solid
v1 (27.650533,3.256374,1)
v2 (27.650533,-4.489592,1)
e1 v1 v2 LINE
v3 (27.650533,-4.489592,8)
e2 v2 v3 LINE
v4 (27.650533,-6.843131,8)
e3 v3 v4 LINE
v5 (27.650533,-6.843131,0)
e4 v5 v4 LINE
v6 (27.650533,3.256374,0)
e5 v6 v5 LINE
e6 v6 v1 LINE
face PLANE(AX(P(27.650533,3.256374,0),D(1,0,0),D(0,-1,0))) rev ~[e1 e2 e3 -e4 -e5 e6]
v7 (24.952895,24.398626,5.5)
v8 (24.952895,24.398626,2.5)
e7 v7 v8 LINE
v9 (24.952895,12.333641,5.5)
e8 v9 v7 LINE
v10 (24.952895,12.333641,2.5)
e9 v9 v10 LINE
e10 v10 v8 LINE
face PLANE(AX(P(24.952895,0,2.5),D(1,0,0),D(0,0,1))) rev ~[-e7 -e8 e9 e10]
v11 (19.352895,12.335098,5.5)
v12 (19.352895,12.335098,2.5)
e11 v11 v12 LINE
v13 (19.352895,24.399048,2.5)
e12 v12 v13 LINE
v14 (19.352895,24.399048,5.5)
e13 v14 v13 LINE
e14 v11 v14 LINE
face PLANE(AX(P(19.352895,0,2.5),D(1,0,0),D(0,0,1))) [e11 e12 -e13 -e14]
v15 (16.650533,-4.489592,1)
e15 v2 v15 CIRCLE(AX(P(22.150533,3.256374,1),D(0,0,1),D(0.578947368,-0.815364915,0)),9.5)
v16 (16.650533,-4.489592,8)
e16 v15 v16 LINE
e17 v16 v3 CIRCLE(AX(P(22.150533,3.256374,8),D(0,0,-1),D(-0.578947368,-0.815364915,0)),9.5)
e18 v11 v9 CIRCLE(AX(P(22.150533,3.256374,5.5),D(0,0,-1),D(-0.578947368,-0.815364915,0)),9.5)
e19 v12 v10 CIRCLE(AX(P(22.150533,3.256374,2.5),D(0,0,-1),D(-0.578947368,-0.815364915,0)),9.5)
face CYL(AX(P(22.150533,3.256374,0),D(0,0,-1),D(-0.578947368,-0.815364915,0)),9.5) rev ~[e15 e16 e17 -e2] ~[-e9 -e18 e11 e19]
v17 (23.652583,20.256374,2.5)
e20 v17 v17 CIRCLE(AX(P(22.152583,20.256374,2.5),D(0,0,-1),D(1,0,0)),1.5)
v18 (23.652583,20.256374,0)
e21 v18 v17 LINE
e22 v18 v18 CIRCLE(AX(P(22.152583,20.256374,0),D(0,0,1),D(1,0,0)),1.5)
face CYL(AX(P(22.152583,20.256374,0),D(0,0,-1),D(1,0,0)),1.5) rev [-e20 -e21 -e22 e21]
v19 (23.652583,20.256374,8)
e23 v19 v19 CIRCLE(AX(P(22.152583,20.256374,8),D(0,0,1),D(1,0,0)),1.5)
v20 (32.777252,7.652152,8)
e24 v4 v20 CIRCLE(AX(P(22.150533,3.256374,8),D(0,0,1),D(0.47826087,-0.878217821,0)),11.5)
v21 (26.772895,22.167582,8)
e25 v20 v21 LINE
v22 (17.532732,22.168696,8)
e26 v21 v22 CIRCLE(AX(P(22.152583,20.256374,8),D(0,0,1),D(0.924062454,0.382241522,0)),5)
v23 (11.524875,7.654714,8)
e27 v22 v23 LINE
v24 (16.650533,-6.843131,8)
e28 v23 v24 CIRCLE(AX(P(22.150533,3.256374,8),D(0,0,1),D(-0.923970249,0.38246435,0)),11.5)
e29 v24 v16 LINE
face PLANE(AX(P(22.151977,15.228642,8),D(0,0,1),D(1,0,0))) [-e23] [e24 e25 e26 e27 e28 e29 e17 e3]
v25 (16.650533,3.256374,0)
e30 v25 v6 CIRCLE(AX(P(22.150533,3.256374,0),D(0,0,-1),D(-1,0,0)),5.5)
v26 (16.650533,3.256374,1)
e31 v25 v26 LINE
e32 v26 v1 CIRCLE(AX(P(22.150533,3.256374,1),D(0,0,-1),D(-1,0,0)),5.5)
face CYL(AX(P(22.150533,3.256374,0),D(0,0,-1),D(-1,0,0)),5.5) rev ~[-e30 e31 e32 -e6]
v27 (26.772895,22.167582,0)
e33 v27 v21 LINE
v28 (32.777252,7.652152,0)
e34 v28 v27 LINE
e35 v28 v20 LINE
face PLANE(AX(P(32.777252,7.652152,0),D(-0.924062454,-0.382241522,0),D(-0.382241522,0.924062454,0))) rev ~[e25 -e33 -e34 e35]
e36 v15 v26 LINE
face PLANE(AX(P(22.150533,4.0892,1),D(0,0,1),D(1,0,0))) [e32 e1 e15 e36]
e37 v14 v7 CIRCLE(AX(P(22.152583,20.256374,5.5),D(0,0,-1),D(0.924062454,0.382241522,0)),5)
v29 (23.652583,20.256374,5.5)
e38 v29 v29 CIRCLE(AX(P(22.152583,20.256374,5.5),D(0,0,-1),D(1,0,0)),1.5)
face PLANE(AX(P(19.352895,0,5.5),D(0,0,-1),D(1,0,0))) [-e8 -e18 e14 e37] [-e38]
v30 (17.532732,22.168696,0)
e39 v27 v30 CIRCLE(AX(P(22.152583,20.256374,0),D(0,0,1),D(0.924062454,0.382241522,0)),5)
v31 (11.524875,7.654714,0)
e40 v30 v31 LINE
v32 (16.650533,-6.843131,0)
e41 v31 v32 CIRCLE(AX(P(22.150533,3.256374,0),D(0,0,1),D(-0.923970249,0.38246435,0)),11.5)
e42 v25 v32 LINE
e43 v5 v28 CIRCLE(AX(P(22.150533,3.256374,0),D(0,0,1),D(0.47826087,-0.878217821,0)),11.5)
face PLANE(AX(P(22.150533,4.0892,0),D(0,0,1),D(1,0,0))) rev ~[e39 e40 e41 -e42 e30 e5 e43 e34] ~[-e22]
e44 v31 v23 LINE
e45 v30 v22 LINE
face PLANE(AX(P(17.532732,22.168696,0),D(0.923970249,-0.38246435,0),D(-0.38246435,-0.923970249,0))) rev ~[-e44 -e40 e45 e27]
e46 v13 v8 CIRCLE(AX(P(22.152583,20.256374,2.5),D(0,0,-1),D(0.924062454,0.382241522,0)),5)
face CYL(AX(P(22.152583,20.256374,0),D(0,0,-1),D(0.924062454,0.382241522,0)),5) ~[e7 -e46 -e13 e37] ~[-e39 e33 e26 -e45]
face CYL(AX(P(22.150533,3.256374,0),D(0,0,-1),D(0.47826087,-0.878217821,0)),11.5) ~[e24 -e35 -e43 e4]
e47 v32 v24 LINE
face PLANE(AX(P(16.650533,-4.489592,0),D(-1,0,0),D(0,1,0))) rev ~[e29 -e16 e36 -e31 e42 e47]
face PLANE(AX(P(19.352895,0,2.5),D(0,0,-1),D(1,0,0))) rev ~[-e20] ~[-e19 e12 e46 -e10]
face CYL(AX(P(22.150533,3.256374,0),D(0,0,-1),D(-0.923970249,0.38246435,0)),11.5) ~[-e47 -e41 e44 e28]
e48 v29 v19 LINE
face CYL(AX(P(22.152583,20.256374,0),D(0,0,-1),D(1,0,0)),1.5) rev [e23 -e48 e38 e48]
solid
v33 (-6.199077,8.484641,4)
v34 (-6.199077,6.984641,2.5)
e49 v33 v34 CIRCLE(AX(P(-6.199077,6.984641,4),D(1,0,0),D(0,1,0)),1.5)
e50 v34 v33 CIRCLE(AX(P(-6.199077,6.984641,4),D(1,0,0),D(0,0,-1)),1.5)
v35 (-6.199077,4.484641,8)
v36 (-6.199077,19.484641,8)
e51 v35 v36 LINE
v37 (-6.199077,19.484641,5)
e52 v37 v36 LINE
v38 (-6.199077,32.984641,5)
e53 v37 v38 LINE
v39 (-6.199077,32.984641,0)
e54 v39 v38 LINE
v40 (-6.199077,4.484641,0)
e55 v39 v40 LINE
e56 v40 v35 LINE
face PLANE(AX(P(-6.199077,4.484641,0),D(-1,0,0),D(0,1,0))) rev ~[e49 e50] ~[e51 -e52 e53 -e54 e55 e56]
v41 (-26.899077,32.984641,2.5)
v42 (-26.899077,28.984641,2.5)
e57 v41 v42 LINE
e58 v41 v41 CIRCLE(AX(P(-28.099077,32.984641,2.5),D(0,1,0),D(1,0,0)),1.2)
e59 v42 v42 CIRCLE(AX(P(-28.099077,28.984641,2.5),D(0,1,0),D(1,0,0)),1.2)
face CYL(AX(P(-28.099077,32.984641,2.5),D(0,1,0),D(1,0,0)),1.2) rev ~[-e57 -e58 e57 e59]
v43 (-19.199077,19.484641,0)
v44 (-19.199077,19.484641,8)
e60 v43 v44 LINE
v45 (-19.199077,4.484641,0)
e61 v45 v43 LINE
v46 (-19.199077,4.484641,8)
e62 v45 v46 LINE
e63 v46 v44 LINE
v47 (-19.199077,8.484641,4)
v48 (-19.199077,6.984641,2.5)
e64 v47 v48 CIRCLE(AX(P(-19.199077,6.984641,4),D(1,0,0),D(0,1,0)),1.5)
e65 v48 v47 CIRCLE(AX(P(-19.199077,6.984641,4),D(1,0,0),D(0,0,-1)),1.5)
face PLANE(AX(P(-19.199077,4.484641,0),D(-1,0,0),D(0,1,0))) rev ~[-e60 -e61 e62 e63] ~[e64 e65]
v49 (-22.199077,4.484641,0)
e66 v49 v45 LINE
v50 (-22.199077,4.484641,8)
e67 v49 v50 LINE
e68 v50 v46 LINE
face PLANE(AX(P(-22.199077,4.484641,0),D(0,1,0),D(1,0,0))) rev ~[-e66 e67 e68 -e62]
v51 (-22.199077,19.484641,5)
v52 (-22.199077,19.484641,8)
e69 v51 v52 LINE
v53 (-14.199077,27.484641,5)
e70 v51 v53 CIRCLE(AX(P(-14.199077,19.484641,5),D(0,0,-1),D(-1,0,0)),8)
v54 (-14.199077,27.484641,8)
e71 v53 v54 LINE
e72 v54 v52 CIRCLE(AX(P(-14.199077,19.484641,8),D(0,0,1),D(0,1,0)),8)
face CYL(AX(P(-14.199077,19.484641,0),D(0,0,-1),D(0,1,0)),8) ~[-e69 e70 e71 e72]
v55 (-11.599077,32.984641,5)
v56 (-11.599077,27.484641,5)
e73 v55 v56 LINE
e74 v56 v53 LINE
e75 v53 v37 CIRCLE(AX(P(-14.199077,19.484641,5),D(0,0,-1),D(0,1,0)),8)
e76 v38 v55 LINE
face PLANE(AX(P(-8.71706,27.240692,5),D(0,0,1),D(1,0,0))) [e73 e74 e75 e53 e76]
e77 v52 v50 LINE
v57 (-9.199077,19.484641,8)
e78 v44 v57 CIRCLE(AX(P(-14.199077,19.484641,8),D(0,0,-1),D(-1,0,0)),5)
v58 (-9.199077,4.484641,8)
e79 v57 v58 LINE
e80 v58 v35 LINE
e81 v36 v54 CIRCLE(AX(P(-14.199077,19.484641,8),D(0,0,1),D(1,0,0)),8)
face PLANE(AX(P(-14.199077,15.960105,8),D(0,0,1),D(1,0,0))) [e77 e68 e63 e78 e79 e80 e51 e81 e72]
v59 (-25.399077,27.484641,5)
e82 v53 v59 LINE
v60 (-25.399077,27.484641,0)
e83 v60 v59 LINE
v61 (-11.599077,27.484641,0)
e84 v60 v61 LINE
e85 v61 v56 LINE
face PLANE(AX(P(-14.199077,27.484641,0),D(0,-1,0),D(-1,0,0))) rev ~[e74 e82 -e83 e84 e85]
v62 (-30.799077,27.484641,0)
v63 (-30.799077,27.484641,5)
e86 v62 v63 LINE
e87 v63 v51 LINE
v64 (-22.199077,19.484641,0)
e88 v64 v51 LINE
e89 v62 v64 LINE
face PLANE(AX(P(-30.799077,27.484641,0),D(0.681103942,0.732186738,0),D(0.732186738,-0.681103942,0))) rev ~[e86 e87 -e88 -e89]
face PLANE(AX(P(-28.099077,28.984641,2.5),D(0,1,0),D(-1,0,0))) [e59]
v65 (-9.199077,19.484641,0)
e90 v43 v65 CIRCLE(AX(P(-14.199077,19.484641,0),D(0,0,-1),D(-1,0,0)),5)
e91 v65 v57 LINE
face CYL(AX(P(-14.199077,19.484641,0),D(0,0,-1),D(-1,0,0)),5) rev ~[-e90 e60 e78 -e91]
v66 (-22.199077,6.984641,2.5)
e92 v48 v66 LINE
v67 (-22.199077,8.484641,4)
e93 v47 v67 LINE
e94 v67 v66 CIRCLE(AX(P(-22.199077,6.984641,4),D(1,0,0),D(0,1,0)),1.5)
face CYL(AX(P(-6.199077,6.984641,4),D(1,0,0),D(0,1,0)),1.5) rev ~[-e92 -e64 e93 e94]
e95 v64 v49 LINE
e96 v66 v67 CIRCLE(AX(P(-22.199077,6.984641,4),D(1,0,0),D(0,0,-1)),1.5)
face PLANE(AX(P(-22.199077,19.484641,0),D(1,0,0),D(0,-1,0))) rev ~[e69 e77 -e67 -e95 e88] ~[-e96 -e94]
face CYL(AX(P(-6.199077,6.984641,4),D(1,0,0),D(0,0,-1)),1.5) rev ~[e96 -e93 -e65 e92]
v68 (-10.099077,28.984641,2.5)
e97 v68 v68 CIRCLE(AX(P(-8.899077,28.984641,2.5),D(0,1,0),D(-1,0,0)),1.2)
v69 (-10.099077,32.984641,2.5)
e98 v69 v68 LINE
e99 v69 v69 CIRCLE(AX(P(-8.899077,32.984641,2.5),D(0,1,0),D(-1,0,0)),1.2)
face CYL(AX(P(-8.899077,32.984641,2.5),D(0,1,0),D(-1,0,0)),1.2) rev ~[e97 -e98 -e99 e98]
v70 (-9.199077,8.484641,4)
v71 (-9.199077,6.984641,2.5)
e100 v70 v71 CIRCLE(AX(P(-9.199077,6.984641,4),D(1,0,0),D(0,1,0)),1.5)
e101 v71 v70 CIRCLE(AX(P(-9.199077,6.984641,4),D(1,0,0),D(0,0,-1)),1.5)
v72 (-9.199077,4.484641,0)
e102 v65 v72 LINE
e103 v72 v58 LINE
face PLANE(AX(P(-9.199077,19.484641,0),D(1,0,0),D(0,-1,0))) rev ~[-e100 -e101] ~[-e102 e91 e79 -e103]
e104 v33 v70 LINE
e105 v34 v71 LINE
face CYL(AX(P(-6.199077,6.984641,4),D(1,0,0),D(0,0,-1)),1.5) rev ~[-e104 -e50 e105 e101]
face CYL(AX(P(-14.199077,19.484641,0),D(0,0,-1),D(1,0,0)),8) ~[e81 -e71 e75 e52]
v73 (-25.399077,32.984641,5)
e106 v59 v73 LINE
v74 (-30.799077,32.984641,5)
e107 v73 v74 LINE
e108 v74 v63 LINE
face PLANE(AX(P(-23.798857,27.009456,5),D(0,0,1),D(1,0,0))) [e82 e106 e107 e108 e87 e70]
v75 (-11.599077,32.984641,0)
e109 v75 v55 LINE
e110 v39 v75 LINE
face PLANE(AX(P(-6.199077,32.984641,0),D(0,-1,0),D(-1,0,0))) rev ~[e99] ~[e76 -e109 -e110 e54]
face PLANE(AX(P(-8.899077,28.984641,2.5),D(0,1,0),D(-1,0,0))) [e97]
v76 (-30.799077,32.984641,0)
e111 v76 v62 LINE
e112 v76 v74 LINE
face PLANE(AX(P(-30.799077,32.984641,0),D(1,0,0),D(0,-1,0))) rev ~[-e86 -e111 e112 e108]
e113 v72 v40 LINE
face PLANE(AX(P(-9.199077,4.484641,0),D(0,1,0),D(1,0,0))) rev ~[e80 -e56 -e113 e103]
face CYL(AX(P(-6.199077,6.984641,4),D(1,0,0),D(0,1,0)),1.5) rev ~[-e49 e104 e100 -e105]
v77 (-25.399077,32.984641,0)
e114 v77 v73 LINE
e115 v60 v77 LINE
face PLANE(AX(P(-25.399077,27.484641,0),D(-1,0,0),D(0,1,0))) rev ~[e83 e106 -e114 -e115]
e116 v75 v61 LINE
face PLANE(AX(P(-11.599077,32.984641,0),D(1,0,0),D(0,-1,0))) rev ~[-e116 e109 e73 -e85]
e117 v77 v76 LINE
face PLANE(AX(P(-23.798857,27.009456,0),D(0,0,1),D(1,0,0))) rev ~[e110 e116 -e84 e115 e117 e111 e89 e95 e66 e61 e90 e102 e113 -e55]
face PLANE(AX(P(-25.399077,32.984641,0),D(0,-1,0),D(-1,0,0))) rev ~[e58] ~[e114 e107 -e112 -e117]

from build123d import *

# Parameters (mm, degrees)
F1_DEPTH  = 8
F2_DEPTH  = 5
F3_R      = 1.2
F4_DEPTH  = 4
F6_DEPTH  = 20
F7_R      = 1.5
F8_DEPTH  = 8
F9_DEPTH  = 1
F10_W     = 5.6
F10_H     = 3
F11_DEPTH = 31.2


with BuildPart() as f1:
    # F0 (on Top) → F1 (new body)
    with BuildSketch(Plane.XY):
        with BuildLine():
            ThreePointArc((-19.1990765111, 19.4846409), (-14.1990765111, 24.4846409), (-9.1990765111, 19.4846409))
            Line((-9.1990765111, 19.4846409), (-9.1990765111, 4.4846409))
            Line((-9.1990765111, 4.4846409), (-6.1990765111, 4.4846409))
            Line((-6.1990765111, 4.4846409), (-6.1990765111, 19.4846409))
            ThreePointArc((-6.1990765111, 19.4846409), (-8.5422222616, 25.1414951495), (-14.1990765111, 27.4846409))
            ThreePointArc((-14.1990765111, 27.4846409), (-19.8559307606, 25.1414951495), (-22.1990765111, 19.4846409))
            Line((-22.1990765111, 19.4846409), (-22.1990765111, 4.4846409))
            Line((-22.1990765111, 4.4846409), (-19.1990765111, 4.4846409))
            Line((-19.1990765111, 4.4846409), (-19.1990765111, 19.4846409))
        make_face()
    extrude(amount=F1_DEPTH)

    # F0 (on Top) → F2 (join)
    with BuildSketch(Plane.XY):
        with BuildLine():
            Line((-30.7990765111, 27.4846409), (-22.1990765111, 19.4846409))
            ThreePointArc((-22.1990765111, 19.4846409), (-19.8559307606, 25.1414951495), (-14.1990765111, 27.4846409))
            Line((-14.1990765111, 27.4846409), (-25.3990765111, 27.4846409))
            Line((-25.3990765111, 27.4846409), (-25.3990765111, 32.9846409))
            Line((-25.3990765111, 32.9846409), (-28.0990765111, 32.9846409))
            Line((-28.0990765111, 32.9846409), (-30.7990765111, 32.9846409))
            Line((-30.7990765111, 32.9846409), (-30.7990765111, 27.4846409))
        make_face()
        with BuildLine():
            ThreePointArc((-14.1990765111, 27.4846409), (-8.5422222616, 25.1414951495), (-6.1990765111, 19.4846409))
            Line((-6.1990765111, 19.4846409), (-6.1990765111, 32.9846409))
            Line((-6.1990765111, 32.9846409), (-8.8990765111, 32.9846409))
            Line((-8.8990765111, 32.9846409), (-11.5990765111, 32.9846409))
            Line((-11.5990765111, 32.9846409), (-11.5990765111, 27.4846409))
            Line((-11.5990765111, 27.4846409), (-14.1990765111, 27.4846409))
        make_face()
    extrude(amount=F2_DEPTH)

    # F3 (on face) → F4 (cut)
    with BuildSketch(Plane(origin=(0, 32.9846409, 0), x_dir=(-1, 0, 0), z_dir=(0, 1, 0))):
        with Locations((8.8990765111, 2.5)):
            Circle(F3_R)
        with BuildLine():
            ThreePointArc((29.2990765111, 2.5), (28.0990765111, 3.7), (26.8990765111, 2.5))
            ThreePointArc((26.8990765111, 2.5), (28.0990765111, 1.3), (29.2990765111, 2.5))
        make_face()
    extrude(amount=-F4_DEPTH, mode=Mode.SUBTRACT)

    # F5 (on face) → F6 (cut)
    with BuildSketch(Plane.YZ.offset(-6.1990765111)):
        with BuildLine():
            ThreePointArc((6.9846409, 2.5), (8.0453010718, 2.9393398282), (8.4846409, 4))
            ThreePointArc((8.4846409, 4), (5.9239807283, 5.0606601718), (6.9846409, 2.5))
        make_face()
    extrude(amount=-F6_DEPTH, mode=Mode.SUBTRACT)


with BuildPart() as f8:
    # F7 (on Top) → F8 (new body)
    with BuildSketch(Plane.XY):
        with BuildLine():
            ThreePointArc((11.524875439, 7.6547143954), (22.151919926, 14.7563742904), (32.7772515266, 7.6521518718))
            Line((32.7772515266, 7.6521518718), (26.7728953641, 22.1675819818))
            ThreePointArc((26.7728953641, 22.1675819818), (22.1531859726, 25.2563743377), (17.5327318478, 22.1686961225))
            Line((17.5327318478, 22.1686961225), (11.524875439, 7.6547143954))
        make_face()
        with Locations((22.1525830933, 20.256374374)):
            Circle(F7_R, mode=Mode.SUBTRACT)
        with BuildLine():
            ThreePointArc((16.6505333036, -4.4895923184), (22.1505333036, 12.756374374), (27.6505333036, -4.4895923184))
            Line((27.6505333036, -4.4895923184), (27.6505333036, -6.8431305643))
            ThreePointArc((27.6505333036, -6.8431305643), (32.9923995353, -0.5781968684), (32.7772515266, 7.6521518718))
            ThreePointArc((32.7772515266, 7.6521518718), (22.151919926, 14.7563742904), (11.524875439, 7.6547143954))
            ThreePointArc((11.524875439, 7.6547143954), (11.308204794, -0.5768895732), (16.6505333036, -6.8431305643))
            Line((16.6505333036, -6.8431305643), (16.6505333036, -4.4895923184))
        make_face()
    extrude(amount=F8_DEPTH)

    # F7 (on Top) → F9 (join)
    with BuildSketch(Plane.XY):
        with BuildLine():
            Line((27.6505333036, 3.256374374), (27.6505333036, -4.4895923184))
            ThreePointArc((27.6505333036, -4.4895923184), (22.1505333036, 12.756374374), (16.6505333036, -4.4895923184))
            Line((16.6505333036, -4.4895923184), (16.6505333036, 3.256374374))
            ThreePointArc((16.6505333036, 3.256374374), (22.1505333036, 8.756374374), (27.6505333036, 3.256374374))
        make_face()
    extrude(amount=F9_DEPTH)

    # F10 (on Front) → F11 (cut)
    with BuildSketch(Plane.XZ):
        with Locations((22.1528953641, 4)):
            Rectangle(F10_W, F10_H)
    extrude(amount=-F11_DEPTH, mode=Mode.SUBTRACT)


solid = Compound([f1.part, f8.part])
